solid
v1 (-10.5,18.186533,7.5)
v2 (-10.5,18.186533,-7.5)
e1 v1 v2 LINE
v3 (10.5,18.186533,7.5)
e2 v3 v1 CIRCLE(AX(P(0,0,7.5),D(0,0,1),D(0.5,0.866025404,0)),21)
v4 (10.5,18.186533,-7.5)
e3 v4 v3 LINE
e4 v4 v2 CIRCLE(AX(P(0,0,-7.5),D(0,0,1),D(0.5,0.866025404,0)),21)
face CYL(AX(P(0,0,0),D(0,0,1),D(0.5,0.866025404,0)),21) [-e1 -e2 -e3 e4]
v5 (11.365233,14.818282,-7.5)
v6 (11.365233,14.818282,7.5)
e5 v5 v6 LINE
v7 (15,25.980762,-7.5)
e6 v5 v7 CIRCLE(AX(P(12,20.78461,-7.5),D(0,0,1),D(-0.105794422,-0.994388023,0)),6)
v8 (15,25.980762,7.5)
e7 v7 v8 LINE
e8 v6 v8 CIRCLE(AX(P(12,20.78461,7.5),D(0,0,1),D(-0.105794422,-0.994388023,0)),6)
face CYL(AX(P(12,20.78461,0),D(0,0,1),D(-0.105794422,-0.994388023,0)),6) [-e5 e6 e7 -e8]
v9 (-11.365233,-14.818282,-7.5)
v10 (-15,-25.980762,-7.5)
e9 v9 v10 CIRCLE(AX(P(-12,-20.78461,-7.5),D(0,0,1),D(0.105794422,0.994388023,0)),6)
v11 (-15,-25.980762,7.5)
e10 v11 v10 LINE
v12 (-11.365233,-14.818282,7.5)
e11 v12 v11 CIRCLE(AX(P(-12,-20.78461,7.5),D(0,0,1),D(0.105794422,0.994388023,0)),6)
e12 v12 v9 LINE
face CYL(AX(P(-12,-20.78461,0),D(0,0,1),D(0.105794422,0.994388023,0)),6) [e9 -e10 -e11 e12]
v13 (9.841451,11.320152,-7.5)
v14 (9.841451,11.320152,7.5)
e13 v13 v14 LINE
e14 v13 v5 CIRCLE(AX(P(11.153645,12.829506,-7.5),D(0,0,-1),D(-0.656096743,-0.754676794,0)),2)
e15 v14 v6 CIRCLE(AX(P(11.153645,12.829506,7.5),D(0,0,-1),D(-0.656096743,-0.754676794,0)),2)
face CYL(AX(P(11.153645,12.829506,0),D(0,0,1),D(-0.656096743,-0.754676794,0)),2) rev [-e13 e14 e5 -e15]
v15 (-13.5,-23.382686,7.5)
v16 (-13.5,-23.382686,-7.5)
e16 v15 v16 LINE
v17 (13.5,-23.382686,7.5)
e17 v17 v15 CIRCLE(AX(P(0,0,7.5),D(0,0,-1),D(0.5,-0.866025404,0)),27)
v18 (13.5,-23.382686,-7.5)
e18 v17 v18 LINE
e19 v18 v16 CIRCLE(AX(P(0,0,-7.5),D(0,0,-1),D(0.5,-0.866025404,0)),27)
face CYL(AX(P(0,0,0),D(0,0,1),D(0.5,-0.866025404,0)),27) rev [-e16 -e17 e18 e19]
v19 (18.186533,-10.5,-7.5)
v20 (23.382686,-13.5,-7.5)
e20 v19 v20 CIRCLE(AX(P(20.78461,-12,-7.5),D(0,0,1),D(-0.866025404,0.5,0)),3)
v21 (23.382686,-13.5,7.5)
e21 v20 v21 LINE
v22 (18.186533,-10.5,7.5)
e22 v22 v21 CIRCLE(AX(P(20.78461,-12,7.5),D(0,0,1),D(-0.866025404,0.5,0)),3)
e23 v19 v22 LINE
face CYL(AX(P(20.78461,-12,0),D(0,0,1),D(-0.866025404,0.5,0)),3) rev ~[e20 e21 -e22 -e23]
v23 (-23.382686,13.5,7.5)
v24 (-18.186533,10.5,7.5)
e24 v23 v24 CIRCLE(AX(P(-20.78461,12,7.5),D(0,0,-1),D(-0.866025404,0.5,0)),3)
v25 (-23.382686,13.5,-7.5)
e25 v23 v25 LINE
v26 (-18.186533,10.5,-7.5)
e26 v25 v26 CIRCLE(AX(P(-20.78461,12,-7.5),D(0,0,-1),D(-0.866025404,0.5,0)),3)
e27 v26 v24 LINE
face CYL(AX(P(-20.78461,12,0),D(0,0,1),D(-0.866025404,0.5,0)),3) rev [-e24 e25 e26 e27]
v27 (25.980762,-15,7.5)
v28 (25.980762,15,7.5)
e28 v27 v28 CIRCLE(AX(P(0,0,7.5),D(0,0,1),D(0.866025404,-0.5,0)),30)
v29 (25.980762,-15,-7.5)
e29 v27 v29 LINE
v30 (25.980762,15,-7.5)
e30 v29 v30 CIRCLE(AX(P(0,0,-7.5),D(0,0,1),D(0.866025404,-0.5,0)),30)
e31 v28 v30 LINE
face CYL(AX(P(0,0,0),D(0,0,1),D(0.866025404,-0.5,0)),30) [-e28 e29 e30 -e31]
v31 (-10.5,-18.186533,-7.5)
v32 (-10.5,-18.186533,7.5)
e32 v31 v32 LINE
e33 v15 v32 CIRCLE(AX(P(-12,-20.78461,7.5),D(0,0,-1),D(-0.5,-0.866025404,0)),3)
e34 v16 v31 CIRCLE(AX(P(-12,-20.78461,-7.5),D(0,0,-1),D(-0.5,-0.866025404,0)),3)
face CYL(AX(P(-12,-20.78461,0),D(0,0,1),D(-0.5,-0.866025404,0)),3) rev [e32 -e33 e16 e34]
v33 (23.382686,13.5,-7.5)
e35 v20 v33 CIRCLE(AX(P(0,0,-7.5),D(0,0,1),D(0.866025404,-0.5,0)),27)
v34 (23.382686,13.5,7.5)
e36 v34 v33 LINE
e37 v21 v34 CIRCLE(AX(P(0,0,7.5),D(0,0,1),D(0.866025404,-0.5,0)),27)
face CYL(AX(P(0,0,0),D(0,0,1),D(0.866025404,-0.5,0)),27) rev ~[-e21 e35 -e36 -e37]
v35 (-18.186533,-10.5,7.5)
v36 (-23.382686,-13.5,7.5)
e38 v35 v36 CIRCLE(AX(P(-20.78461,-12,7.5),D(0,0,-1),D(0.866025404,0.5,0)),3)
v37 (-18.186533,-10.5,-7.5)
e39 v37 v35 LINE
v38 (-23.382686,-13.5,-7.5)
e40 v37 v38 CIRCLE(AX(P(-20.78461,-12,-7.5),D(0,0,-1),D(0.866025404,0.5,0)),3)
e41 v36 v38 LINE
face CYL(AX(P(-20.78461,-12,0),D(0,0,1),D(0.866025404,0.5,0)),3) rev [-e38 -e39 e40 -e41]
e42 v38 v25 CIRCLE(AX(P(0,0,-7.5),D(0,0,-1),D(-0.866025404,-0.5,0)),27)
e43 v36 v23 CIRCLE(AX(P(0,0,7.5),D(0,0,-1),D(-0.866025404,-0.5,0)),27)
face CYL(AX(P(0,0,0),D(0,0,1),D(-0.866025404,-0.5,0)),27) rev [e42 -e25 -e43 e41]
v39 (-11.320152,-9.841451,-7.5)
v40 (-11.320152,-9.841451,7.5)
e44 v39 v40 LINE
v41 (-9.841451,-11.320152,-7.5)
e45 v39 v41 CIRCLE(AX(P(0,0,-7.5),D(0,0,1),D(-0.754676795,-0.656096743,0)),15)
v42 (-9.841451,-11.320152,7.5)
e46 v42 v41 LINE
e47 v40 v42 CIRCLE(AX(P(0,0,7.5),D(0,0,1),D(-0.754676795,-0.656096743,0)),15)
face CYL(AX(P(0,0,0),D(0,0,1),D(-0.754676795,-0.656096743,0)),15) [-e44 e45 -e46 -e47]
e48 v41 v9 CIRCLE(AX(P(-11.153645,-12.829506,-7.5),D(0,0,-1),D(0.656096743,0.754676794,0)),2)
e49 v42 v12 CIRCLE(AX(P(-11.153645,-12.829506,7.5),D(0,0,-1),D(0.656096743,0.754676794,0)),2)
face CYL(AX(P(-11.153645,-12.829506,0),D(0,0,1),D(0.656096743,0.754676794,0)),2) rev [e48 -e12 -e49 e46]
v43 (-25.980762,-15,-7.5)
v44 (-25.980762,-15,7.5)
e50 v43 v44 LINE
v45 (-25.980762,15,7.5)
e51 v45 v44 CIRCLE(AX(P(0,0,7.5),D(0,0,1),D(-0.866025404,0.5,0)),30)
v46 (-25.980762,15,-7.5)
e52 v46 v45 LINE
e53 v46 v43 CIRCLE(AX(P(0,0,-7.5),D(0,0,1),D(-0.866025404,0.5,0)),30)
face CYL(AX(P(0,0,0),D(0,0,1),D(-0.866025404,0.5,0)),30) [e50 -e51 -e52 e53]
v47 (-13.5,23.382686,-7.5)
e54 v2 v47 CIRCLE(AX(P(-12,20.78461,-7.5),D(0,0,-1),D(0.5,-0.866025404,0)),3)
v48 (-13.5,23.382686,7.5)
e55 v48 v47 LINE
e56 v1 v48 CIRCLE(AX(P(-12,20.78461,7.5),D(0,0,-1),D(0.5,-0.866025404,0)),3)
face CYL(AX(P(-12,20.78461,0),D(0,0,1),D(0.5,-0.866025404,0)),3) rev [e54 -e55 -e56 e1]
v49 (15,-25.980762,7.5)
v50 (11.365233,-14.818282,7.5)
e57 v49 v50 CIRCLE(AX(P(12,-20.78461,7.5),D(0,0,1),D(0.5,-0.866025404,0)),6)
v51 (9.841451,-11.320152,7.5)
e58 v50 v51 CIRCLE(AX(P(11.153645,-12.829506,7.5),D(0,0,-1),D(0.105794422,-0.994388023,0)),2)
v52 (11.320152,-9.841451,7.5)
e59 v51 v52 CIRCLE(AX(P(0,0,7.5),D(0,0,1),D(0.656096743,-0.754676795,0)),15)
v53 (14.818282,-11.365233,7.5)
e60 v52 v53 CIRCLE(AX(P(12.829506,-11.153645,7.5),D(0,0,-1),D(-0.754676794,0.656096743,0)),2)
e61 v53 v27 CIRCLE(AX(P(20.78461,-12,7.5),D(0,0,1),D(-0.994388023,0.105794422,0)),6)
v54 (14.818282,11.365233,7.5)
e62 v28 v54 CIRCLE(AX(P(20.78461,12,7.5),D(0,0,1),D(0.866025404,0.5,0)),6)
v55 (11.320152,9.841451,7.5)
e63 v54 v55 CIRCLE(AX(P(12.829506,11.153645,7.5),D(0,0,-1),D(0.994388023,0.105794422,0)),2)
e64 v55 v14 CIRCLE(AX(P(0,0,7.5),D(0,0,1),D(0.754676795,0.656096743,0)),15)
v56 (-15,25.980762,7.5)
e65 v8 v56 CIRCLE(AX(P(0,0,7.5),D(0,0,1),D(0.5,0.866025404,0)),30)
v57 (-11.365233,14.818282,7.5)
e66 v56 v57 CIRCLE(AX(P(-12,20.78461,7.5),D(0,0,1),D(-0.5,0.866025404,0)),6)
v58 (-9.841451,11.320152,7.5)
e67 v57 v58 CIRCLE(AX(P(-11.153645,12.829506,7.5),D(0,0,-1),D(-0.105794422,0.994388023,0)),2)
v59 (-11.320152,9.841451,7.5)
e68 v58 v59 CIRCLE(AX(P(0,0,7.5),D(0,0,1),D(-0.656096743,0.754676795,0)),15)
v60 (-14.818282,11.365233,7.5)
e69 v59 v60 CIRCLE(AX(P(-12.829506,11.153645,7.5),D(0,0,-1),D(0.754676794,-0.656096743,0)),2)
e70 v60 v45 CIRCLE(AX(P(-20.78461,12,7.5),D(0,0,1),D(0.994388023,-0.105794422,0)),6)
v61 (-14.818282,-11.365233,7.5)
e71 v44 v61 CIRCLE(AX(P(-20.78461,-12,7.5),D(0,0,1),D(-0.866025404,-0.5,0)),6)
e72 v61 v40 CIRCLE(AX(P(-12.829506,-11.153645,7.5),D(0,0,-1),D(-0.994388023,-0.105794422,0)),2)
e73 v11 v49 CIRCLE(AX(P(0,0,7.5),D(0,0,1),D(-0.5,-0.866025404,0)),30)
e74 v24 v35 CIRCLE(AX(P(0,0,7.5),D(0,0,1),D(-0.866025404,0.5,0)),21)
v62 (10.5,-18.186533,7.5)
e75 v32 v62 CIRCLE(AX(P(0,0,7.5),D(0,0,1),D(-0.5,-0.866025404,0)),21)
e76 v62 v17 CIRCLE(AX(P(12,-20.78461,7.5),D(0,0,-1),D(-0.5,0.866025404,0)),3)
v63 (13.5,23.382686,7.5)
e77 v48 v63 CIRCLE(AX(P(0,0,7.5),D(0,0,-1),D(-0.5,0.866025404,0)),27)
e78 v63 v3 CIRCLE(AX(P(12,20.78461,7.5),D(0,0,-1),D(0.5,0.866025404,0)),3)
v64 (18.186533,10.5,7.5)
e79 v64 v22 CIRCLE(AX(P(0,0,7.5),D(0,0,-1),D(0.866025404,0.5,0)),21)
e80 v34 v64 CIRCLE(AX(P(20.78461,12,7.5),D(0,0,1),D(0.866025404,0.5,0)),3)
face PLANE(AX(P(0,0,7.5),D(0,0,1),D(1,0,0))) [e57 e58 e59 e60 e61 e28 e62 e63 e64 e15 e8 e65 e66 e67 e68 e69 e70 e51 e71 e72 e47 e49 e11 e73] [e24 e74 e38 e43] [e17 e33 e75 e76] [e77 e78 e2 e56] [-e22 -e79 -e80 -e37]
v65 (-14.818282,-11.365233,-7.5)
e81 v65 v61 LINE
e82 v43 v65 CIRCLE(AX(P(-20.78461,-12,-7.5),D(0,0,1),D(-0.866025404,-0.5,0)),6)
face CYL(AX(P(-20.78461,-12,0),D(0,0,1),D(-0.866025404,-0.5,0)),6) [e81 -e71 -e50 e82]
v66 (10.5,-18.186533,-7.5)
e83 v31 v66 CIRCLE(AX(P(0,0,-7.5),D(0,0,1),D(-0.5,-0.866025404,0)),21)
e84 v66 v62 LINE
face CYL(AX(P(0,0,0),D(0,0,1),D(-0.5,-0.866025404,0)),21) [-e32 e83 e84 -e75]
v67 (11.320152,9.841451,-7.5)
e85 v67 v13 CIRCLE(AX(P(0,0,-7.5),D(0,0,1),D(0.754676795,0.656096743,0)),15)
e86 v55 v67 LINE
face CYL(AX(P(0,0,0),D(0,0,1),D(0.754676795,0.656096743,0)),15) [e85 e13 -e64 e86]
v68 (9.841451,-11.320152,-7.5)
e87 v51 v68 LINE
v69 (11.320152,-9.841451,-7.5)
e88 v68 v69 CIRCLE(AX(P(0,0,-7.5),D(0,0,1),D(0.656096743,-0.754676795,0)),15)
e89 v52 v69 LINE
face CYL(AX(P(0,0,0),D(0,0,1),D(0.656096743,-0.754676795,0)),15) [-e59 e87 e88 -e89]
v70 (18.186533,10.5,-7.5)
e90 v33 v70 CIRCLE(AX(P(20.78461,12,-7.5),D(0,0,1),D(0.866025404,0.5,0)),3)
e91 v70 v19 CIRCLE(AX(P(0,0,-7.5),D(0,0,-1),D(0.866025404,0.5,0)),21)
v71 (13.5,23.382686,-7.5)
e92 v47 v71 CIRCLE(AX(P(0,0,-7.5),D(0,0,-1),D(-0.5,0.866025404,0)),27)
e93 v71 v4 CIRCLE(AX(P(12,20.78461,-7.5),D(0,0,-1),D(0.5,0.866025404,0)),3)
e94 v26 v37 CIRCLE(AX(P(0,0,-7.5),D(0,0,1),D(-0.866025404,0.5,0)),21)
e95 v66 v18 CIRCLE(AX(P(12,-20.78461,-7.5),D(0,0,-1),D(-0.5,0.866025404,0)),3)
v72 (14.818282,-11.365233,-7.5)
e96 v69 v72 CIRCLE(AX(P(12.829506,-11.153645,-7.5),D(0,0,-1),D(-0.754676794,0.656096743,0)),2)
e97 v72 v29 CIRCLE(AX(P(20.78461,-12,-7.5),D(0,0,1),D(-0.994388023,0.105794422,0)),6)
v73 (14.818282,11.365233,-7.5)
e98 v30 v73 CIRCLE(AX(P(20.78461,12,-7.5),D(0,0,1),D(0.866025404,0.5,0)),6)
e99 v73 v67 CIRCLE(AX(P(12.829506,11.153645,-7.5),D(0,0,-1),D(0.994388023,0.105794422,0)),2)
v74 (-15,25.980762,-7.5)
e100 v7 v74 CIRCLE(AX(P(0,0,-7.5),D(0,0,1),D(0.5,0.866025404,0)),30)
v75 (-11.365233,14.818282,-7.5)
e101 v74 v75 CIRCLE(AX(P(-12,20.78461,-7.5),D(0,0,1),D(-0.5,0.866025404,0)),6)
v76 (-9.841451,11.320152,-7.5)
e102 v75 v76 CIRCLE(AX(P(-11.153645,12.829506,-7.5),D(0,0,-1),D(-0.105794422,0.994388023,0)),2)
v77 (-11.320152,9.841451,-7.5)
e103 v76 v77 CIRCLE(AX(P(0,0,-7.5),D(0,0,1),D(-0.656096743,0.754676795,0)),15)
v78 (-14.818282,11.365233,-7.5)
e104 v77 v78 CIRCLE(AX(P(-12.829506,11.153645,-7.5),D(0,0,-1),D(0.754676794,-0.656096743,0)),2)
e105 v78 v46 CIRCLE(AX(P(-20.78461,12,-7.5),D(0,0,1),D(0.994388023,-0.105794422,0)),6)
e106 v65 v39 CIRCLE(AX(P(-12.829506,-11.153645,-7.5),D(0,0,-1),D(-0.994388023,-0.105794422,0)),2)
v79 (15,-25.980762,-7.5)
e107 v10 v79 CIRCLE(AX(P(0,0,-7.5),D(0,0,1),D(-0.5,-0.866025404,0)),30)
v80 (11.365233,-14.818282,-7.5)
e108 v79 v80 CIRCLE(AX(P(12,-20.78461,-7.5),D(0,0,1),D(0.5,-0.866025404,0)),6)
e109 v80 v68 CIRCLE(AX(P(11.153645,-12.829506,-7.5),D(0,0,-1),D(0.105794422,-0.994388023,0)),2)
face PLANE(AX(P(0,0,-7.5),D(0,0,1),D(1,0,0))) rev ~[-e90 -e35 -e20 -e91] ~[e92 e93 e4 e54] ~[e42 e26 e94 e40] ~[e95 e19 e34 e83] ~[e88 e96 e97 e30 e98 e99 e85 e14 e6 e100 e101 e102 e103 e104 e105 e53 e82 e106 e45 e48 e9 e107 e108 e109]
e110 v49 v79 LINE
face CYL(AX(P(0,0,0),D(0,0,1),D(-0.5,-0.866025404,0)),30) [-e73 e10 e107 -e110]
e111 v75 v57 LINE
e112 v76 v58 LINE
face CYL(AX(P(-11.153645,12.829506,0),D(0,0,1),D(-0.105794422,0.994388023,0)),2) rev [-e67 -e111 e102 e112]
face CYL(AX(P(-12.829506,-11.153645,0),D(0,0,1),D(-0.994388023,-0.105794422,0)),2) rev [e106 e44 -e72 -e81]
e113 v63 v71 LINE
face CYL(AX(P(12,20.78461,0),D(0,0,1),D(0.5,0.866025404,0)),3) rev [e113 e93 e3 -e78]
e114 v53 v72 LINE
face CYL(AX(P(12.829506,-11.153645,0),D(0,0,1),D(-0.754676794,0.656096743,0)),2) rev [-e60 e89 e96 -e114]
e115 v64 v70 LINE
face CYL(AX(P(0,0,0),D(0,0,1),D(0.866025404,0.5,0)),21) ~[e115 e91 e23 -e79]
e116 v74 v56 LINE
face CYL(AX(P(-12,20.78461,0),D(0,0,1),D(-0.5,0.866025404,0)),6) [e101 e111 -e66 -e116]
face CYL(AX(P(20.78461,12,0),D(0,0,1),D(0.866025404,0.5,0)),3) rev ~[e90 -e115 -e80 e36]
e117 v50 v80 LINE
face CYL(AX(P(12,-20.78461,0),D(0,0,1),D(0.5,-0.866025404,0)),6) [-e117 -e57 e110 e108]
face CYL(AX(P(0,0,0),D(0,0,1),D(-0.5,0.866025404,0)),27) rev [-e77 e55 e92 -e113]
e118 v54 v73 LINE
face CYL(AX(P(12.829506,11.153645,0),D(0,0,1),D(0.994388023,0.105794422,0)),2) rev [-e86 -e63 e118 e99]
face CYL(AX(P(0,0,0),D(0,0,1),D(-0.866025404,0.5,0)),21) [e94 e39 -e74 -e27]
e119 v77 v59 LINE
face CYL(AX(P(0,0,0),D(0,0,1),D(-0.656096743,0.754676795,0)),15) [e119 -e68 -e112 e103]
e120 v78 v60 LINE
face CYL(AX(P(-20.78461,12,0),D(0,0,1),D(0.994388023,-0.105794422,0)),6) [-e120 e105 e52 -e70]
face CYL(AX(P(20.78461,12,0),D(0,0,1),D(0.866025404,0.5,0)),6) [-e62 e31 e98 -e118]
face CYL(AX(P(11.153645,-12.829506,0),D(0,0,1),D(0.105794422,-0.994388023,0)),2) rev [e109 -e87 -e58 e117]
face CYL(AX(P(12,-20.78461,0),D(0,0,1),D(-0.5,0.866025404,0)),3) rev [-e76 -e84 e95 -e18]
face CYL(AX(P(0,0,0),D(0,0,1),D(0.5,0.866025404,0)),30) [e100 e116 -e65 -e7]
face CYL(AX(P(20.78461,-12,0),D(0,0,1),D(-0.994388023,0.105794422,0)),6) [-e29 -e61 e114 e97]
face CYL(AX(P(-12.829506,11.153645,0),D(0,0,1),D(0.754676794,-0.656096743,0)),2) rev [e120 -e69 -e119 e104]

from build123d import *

# Parameters (mm, degrees)
BOSS_EXTRUDE1_DEPTH = 7.5


with BuildPart() as part:
    # Sketch1 → Boss-Extrude1 (new, symmetric)
    with BuildSketch(Plane.XY):
        with BuildLine():
            ThreePointArc((11.320151918, 9.841451141), (10.606601718, 10.606601718), (9.841451141, 11.320151918))
            ThreePointArc((9.841451141, 11.320151918), (9.32005242, 13.628216731), (11.36523347, 14.818281553))
            ThreePointArc((11.36523347, 14.818281553), (17.70515779, 18.926875967), (15, 25.980762114))
            ThreePointArc((15, 25.980762114), (0, 30), (-15, 25.980762114))
            ThreePointArc((-15, 25.980762114), (-17.70515779, 18.926875967), (-11.36523347, 14.818281553))
            ThreePointArc((-11.36523347, 14.818281553), (-9.32005242, 13.628216731), (-9.841451141, 11.320151918))
            ThreePointArc((-9.841451141, 11.320151918), (-10.606601718, 10.606601718), (-11.320151918, 9.841451141))
            ThreePointArc((-11.320151918, 9.841451141), (-13.628216731, 9.32005242), (-14.818281553, 11.36523347))
            ThreePointArc((-14.818281553, 11.36523347), (-18.926875967, 17.70515779), (-25.980762114, 15))
            ThreePointArc((-25.980762114, 15), (-30, 0), (-25.980762114, -15))
            ThreePointArc((-25.980762114, -15), (-18.926875967, -17.70515779), (-14.818281553, -11.36523347))
            ThreePointArc((-14.818281553, -11.36523347), (-13.628216731, -9.32005242), (-11.320151918, -9.841451141))
            ThreePointArc((-11.320151918, -9.841451141), (-10.606601718, -10.606601718), (-9.841451141, -11.320151918))
            ThreePointArc((-9.841451141, -11.320151918), (-9.32005242, -13.628216731), (-11.36523347, -14.818281553))
            ThreePointArc((-11.36523347, -14.818281553), (-17.70515779, -18.926875967), (-15, -25.980762114))
            ThreePointArc((-15, -25.980762114), (0, -30), (15, -25.980762114))
            ThreePointArc((15, -25.980762114), (17.70515779, -18.926875967), (11.36523347, -14.818281553))
            ThreePointArc((11.36523347, -14.818281553), (9.32005242, -13.628216731), (9.841451141, -11.320151918))
            ThreePointArc((9.841451141, -11.320151918), (10.606601718, -10.606601718), (11.320151918, -9.841451141))
            ThreePointArc((11.320151918, -9.841451141), (13.628216731, -9.32005242), (14.818281553, -11.36523347))
            ThreePointArc((14.818281553, -11.36523347), (18.926875967, -17.70515779), (25.980762114, -15))
            ThreePointArc((25.980762114, -15), (30, 0), (25.980762114, 15))
            ThreePointArc((25.980762114, 15), (18.926875967, 17.70515779), (14.818281553, 11.36523347))
            ThreePointArc((14.818281553, 11.36523347), (13.628216731, 9.32005242), (11.320151918, 9.841451141))
        make_face()
        with BuildLine():
            ThreePointArc((23.382685902, -13.5), (27, 0), (23.382685902, 13.5))
            ThreePointArc((23.382685902, 13.5), (19.284609691, 14.598076211), (18.186533479, 10.5))
            ThreePointArc((18.186533479, 10.5), (21, 0), (18.186533479, -10.5))
            ThreePointArc((18.186533479, -10.5), (19.284609691, -14.598076211), (23.382685902, -13.5))
        make_face(mode=Mode.SUBTRACT)
        with BuildLine():
            ThreePointArc((-10.5, -18.186533479), (0, -21), (10.5, -18.186533479))
            ThreePointArc((10.5, -18.186533479), (14.598076211, -19.284609691), (13.5, -23.382685902))
            ThreePointArc((13.5, -23.382685902), (0, -27), (-13.5, -23.382685902))
            ThreePointArc((-13.5, -23.382685902), (-14.598076211, -19.284609691), (-10.5, -18.186533479))
        make_face(mode=Mode.SUBTRACT)
        with BuildLine():
            ThreePointArc((-18.186533479, 10.5), (-21, 0), (-18.186533479, -10.5))
            ThreePointArc((-18.186533479, -10.5), (-19.284609691, -14.598076211), (-23.382685902, -13.5))
            ThreePointArc((-23.382685902, -13.5), (-27, 0), (-23.382685902, 13.5))
            ThreePointArc((-23.382685902, 13.5), (-19.284609691, 14.598076211), (-18.186533479, 10.5))
        make_face(mode=Mode.SUBTRACT)
        with BuildLine():
            ThreePointArc((10.5, 18.186533479), (0, 21), (-10.5, 18.186533479))
            ThreePointArc((-10.5, 18.186533479), (-14.598076211, 19.284609691), (-13.5, 23.382685902))
            ThreePointArc((-13.5, 23.382685902), (0, 27), (13.5, 23.382685902))
            ThreePointArc((13.5, 23.382685902), (14.598076211, 19.284609691), (10.5, 18.186533479))
        make_face(mode=Mode.SUBTRACT)
    extrude(amount=BOSS_EXTRUDE1_DEPTH, both=True)


solid = part.part
